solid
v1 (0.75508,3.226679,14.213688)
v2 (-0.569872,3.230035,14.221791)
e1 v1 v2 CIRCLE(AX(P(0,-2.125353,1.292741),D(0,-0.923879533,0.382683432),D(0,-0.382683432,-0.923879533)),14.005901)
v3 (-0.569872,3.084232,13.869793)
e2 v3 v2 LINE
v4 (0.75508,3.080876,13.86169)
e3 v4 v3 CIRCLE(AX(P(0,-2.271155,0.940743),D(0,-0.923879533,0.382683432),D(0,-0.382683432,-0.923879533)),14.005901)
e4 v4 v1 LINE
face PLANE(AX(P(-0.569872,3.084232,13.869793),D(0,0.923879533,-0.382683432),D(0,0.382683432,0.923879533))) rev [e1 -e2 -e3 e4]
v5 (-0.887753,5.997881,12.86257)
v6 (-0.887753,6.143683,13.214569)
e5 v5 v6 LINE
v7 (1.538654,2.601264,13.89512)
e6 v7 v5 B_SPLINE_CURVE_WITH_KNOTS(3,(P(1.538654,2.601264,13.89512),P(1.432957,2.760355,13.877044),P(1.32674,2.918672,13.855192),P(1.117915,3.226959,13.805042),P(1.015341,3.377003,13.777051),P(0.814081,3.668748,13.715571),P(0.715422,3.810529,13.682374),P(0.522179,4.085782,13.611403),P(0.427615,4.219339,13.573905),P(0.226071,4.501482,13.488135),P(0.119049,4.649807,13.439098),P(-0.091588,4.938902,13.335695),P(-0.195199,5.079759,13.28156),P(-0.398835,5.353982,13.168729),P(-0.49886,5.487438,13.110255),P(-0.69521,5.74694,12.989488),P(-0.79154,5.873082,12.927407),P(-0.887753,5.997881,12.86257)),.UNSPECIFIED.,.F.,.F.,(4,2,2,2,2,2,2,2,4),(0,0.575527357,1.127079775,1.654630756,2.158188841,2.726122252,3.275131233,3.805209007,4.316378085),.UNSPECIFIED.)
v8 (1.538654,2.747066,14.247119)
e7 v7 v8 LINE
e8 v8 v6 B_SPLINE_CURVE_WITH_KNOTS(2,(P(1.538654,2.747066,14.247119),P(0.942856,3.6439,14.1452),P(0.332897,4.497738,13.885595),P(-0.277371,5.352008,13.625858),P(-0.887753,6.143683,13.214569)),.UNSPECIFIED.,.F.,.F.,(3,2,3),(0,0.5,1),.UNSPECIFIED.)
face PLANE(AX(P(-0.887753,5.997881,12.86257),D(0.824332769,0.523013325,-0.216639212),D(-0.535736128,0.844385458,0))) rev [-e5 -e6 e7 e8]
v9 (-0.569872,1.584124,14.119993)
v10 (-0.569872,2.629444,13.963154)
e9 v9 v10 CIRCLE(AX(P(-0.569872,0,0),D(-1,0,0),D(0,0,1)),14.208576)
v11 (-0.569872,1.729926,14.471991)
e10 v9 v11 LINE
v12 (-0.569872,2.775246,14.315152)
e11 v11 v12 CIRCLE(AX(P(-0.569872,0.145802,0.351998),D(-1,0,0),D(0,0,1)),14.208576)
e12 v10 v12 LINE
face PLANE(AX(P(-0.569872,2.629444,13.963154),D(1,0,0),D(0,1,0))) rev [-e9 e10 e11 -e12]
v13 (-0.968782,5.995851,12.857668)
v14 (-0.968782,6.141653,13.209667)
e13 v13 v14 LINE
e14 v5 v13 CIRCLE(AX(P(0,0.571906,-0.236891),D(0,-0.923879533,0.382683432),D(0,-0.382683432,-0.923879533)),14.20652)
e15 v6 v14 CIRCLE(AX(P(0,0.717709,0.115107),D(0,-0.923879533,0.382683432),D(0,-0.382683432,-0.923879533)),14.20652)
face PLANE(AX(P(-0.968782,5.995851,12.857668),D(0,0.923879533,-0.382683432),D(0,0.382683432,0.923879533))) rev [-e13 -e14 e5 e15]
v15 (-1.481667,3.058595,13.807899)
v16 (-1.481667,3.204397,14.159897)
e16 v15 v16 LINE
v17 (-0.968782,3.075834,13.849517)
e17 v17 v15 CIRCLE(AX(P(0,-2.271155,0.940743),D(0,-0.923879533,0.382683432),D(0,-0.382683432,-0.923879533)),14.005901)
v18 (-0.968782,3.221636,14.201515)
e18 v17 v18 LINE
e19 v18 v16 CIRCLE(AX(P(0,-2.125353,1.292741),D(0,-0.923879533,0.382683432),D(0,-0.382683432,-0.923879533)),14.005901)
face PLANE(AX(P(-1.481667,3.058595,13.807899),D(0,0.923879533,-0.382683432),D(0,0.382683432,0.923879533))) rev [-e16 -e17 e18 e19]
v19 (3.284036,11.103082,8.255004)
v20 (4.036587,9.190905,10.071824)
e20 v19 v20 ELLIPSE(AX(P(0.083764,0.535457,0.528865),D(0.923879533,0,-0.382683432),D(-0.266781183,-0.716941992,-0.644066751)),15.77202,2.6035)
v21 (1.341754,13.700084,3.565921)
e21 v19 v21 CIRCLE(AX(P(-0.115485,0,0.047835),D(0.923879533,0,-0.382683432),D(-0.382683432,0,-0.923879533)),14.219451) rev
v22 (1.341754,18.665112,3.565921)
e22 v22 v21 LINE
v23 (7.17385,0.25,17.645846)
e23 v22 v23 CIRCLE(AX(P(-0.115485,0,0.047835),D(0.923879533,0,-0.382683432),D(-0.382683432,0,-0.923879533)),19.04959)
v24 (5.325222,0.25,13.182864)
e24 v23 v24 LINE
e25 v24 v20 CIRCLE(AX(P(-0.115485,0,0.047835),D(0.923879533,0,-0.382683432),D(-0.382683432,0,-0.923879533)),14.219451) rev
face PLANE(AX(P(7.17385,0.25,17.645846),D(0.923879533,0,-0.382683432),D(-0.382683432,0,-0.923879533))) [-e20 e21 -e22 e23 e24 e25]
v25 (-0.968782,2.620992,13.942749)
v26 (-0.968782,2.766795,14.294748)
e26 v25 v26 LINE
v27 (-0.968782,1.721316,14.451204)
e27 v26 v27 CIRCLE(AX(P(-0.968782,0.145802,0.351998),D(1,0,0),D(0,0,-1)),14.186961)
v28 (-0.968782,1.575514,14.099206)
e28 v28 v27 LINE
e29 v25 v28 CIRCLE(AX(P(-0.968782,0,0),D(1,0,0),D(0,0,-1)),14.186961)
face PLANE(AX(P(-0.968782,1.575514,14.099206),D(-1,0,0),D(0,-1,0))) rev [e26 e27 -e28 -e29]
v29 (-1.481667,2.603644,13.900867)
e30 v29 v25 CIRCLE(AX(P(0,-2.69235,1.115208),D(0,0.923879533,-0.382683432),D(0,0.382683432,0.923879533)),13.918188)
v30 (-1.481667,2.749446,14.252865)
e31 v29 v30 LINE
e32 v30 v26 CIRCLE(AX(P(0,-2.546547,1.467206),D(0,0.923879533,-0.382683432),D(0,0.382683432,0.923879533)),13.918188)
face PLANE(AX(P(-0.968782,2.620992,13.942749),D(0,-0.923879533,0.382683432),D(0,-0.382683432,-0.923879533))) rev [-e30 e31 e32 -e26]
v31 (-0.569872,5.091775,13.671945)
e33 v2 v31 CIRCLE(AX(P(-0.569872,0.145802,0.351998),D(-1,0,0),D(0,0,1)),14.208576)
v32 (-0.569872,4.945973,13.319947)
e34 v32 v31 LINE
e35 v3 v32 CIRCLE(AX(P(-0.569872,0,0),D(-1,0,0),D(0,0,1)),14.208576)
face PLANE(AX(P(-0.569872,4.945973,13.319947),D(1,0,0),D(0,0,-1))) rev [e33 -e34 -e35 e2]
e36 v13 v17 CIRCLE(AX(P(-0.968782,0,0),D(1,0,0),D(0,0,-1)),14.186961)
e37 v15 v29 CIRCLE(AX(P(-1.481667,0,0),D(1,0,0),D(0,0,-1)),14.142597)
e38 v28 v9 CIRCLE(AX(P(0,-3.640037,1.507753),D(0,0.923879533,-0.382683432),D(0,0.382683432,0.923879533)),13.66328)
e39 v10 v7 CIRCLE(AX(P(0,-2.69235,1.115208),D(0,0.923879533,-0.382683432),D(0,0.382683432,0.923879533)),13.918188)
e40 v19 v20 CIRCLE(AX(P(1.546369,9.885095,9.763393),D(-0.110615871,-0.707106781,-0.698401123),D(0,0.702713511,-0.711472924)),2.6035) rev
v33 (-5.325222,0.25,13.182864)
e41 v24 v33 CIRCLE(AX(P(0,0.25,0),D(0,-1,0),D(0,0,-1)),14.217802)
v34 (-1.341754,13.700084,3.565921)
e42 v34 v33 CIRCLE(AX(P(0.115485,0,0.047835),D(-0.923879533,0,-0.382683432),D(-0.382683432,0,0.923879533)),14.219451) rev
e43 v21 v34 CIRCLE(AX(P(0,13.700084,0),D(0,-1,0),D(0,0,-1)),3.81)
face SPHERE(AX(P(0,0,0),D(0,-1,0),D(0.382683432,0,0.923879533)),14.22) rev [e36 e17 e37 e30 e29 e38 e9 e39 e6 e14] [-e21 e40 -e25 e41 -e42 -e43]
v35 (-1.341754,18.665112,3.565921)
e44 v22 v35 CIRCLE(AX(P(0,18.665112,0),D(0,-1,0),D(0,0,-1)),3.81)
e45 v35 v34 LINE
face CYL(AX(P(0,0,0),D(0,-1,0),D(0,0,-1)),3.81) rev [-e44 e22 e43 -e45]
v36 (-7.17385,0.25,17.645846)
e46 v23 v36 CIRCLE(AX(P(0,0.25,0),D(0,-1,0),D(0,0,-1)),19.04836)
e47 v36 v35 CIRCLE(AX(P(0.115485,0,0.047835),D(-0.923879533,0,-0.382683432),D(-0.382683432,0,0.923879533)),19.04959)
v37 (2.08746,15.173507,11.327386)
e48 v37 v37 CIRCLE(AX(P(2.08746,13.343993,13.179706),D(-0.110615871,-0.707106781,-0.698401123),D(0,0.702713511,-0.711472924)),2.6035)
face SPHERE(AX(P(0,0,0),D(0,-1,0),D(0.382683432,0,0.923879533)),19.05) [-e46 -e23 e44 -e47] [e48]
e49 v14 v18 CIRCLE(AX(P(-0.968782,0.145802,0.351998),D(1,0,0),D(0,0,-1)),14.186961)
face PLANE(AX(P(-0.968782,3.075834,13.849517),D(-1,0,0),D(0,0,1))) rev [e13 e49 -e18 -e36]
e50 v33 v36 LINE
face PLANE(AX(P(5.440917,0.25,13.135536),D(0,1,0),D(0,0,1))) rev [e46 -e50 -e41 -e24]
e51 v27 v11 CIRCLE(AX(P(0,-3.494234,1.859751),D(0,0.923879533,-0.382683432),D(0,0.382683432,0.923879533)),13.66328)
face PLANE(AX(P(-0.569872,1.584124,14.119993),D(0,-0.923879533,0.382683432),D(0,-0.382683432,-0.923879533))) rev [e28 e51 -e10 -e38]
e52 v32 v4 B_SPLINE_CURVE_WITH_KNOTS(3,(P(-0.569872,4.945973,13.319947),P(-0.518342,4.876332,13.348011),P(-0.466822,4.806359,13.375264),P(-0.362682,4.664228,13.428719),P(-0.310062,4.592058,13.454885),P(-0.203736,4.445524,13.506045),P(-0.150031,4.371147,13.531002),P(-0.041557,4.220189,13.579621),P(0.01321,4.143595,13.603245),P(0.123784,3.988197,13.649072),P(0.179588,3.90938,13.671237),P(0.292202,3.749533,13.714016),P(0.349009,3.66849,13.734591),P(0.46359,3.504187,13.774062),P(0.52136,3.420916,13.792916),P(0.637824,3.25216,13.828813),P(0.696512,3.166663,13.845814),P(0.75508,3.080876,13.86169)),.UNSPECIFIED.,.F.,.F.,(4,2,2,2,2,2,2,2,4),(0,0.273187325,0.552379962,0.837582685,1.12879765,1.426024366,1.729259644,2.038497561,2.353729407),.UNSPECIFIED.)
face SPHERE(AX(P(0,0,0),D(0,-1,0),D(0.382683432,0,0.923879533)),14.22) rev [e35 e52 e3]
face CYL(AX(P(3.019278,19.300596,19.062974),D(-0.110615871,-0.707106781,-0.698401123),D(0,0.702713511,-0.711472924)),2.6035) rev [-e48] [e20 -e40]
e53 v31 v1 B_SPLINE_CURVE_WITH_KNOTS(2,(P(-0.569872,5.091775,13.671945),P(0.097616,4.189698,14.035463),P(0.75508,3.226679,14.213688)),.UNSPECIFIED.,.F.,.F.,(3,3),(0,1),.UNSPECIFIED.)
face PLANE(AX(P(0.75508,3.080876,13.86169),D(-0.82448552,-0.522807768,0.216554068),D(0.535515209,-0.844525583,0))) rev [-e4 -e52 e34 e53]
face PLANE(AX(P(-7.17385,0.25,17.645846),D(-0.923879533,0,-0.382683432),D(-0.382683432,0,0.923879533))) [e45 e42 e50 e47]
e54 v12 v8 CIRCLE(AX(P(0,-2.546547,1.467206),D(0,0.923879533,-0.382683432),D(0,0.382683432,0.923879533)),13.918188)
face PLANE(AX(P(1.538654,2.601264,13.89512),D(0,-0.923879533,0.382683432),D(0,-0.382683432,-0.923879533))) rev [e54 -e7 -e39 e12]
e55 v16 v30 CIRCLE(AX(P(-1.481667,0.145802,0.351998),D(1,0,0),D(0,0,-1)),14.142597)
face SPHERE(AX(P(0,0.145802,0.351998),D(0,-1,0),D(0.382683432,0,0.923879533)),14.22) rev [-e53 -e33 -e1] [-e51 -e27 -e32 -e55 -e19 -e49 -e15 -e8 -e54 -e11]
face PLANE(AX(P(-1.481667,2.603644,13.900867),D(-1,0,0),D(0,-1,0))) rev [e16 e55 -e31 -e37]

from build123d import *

# Parameters (mm, degrees)
REVOLVE1_ANGLE            = 45
CUT_EXTRUDE1_DEPTH        = 28.647117169
CUT_EXTRUDE1_DEPTH_BACK   = 28.647117169
CUT_EXTRUDE4_REACH        = 29.998
CUT_EXTRUDE4_START_RADIUS = 14.22
CUT_EXTRUDE4_END_RADIUS   = 14.22
CUT_EXTRUDE5_DEPTH        = 26.992100662
CUT_EXTRUDE5_DEPTH_BACK   = 26.992100662
SKETCH9_R                 = 2.6035


with BuildPart() as part:
    # Sketch1 → Revolve1 (revolve, symmetric)
    with BuildSketch(Plane(origin=(0, 0, 0), x_dir=(0, 0, -1), z_dir=(1, 0, 0))) as revolve1_sk:
        with BuildLine():
            Line((-14.217802221, 0.25), (-19.048359509, 0.25))
            ThreePointArc((-19.048359509, 0.25), (-14.676690222, 12.144845166), (-3.81, 18.66511184))
            Line((-3.81, 18.66511184), (-3.81, 13.700083941))
            ThreePointArc((-3.81, 13.700083941), (-11.246181696, 8.70240181), (-14.217802221, 0.25))
        make_face()
    revolve(axis=Axis((0, 0, 0), (0, 1, 0)), revolution_arc=REVOLVE1_ANGLE / 2)
    revolve(revolve1_sk.sketch, axis=Axis((0, 0, 0), (0, -1, 0)), revolution_arc=REVOLVE1_ANGLE / 2)

    # Sketch2 → Cut-Extrude1 (cut, two sides: drawn at the far end of the back side and taken through both)
    with BuildSketch(Plane(origin=(0, 0, 0), x_dir=(1, 0, 0), z_dir=(0, 1, 0)).offset(-CUT_EXTRUDE1_DEPTH_BACK)):
        with BuildLine():
            Line((7.289491598, -17.598389479), (1.458023877, -3.519981019))
            ThreePointArc((1.458023877, -3.519981019), (1.400077392, -3.543428184), (1.341754023, -3.5659215))
            Line((1.341754023, -3.5659215), (7.173849701, -17.645845983))
            ThreePointArc((7.173849701, -17.645845983), (7.231709577, -17.622212591), (7.289491598, -17.598389479))
        make_face()
        with BuildLine():
            Line((-7.173849701, -17.645845983), (-1.341754023, -3.5659215))
            ThreePointArc((-1.341754023, -3.5659215), (-1.400077392, -3.543428184), (-1.458023877, -3.519981019))
            Line((-1.458023877, -3.519981019), (-7.289491598, -17.598389479))
            ThreePointArc((-7.289491598, -17.598389479), (-7.231709577, -17.622212591), (-7.173849701, -17.645845983))
        make_face()
    extrude(amount=CUT_EXTRUDE1_DEPTH + CUT_EXTRUDE1_DEPTH_BACK, mode=Mode.SUBTRACT)

    # Cut-Extrude4: from a sphere face, 29.998 long prism both ways, kept between that surface and its translate by the depth
    cut_extrude4_start = Location((0, 0, 0)) * Sphere(CUT_EXTRUDE4_START_RADIUS, mode=Mode.PRIVATE)
    cut_extrude4_end = Location((0, 0.145802388, 0.351998102)) * Sphere(CUT_EXTRUDE4_END_RADIUS, mode=Mode.PRIVATE)
    # Sketch8 → Cut-Extrude4 (cut, from a surface)
    with BuildSketch(Plane(origin=(0, 0, 0), x_dir=(-1, 0, 0), z_dir=(0, 0.3826834323650899, 0.9238795325112868)), mode=Mode.PRIVATE) as cut_extrude4_sk1:
        Polygon((0.887753405, -0.619026887), (0.968782051, -0.619026887), (0.968782051, 2.458280805), (1.481666667, 2.458280805), (1.481666667, 2.914178241), (0.968782051, 2.914178241), (0.968782051, 3.939947472), (0.569871795, 3.939947472), (0.569871795, 2.914178241), (-1.538653846, 2.914178241), align=None)
        Polygon((0.569871795, 2.458280805), (0.569871795, 0.5278401), (-0.755080128, 2.458280805), align=None, mode=Mode.SUBTRACT)
    cut_extrude4_tool1 = extrude(cut_extrude4_sk1.sketch, amount=CUT_EXTRUDE4_REACH, both=True, mode=Mode.PRIVATE)
    add(((cut_extrude4_tool1 - cut_extrude4_start) & cut_extrude4_end).solids().sort_by_distance((-0.928268, 5.918875, 12.814738))[0], mode=Mode.SUBTRACT)

    # Sketch9 → Cut-Extrude5 (cut, two sides: drawn at the far end of the back side and taken through both)
    with BuildSketch(Plane(origin=(2.950125281, 18.858537854, 18.626357959), x_dir=(-0.8917235779063104, -0.23968096505674769, 0.3839037582460406), z_dir=(-0.1106158710412275, -0.7071067811865475, -0.6984011233337121)).offset(-CUT_EXTRUDE5_DEPTH_BACK)):
        with Locations(Location((0, 0, 0), (0, 0, 116.203724747))):
            Circle(SKETCH9_R)
    extrude(amount=CUT_EXTRUDE5_DEPTH + CUT_EXTRUDE5_DEPTH_BACK, mode=Mode.SUBTRACT)


solid = part.part
